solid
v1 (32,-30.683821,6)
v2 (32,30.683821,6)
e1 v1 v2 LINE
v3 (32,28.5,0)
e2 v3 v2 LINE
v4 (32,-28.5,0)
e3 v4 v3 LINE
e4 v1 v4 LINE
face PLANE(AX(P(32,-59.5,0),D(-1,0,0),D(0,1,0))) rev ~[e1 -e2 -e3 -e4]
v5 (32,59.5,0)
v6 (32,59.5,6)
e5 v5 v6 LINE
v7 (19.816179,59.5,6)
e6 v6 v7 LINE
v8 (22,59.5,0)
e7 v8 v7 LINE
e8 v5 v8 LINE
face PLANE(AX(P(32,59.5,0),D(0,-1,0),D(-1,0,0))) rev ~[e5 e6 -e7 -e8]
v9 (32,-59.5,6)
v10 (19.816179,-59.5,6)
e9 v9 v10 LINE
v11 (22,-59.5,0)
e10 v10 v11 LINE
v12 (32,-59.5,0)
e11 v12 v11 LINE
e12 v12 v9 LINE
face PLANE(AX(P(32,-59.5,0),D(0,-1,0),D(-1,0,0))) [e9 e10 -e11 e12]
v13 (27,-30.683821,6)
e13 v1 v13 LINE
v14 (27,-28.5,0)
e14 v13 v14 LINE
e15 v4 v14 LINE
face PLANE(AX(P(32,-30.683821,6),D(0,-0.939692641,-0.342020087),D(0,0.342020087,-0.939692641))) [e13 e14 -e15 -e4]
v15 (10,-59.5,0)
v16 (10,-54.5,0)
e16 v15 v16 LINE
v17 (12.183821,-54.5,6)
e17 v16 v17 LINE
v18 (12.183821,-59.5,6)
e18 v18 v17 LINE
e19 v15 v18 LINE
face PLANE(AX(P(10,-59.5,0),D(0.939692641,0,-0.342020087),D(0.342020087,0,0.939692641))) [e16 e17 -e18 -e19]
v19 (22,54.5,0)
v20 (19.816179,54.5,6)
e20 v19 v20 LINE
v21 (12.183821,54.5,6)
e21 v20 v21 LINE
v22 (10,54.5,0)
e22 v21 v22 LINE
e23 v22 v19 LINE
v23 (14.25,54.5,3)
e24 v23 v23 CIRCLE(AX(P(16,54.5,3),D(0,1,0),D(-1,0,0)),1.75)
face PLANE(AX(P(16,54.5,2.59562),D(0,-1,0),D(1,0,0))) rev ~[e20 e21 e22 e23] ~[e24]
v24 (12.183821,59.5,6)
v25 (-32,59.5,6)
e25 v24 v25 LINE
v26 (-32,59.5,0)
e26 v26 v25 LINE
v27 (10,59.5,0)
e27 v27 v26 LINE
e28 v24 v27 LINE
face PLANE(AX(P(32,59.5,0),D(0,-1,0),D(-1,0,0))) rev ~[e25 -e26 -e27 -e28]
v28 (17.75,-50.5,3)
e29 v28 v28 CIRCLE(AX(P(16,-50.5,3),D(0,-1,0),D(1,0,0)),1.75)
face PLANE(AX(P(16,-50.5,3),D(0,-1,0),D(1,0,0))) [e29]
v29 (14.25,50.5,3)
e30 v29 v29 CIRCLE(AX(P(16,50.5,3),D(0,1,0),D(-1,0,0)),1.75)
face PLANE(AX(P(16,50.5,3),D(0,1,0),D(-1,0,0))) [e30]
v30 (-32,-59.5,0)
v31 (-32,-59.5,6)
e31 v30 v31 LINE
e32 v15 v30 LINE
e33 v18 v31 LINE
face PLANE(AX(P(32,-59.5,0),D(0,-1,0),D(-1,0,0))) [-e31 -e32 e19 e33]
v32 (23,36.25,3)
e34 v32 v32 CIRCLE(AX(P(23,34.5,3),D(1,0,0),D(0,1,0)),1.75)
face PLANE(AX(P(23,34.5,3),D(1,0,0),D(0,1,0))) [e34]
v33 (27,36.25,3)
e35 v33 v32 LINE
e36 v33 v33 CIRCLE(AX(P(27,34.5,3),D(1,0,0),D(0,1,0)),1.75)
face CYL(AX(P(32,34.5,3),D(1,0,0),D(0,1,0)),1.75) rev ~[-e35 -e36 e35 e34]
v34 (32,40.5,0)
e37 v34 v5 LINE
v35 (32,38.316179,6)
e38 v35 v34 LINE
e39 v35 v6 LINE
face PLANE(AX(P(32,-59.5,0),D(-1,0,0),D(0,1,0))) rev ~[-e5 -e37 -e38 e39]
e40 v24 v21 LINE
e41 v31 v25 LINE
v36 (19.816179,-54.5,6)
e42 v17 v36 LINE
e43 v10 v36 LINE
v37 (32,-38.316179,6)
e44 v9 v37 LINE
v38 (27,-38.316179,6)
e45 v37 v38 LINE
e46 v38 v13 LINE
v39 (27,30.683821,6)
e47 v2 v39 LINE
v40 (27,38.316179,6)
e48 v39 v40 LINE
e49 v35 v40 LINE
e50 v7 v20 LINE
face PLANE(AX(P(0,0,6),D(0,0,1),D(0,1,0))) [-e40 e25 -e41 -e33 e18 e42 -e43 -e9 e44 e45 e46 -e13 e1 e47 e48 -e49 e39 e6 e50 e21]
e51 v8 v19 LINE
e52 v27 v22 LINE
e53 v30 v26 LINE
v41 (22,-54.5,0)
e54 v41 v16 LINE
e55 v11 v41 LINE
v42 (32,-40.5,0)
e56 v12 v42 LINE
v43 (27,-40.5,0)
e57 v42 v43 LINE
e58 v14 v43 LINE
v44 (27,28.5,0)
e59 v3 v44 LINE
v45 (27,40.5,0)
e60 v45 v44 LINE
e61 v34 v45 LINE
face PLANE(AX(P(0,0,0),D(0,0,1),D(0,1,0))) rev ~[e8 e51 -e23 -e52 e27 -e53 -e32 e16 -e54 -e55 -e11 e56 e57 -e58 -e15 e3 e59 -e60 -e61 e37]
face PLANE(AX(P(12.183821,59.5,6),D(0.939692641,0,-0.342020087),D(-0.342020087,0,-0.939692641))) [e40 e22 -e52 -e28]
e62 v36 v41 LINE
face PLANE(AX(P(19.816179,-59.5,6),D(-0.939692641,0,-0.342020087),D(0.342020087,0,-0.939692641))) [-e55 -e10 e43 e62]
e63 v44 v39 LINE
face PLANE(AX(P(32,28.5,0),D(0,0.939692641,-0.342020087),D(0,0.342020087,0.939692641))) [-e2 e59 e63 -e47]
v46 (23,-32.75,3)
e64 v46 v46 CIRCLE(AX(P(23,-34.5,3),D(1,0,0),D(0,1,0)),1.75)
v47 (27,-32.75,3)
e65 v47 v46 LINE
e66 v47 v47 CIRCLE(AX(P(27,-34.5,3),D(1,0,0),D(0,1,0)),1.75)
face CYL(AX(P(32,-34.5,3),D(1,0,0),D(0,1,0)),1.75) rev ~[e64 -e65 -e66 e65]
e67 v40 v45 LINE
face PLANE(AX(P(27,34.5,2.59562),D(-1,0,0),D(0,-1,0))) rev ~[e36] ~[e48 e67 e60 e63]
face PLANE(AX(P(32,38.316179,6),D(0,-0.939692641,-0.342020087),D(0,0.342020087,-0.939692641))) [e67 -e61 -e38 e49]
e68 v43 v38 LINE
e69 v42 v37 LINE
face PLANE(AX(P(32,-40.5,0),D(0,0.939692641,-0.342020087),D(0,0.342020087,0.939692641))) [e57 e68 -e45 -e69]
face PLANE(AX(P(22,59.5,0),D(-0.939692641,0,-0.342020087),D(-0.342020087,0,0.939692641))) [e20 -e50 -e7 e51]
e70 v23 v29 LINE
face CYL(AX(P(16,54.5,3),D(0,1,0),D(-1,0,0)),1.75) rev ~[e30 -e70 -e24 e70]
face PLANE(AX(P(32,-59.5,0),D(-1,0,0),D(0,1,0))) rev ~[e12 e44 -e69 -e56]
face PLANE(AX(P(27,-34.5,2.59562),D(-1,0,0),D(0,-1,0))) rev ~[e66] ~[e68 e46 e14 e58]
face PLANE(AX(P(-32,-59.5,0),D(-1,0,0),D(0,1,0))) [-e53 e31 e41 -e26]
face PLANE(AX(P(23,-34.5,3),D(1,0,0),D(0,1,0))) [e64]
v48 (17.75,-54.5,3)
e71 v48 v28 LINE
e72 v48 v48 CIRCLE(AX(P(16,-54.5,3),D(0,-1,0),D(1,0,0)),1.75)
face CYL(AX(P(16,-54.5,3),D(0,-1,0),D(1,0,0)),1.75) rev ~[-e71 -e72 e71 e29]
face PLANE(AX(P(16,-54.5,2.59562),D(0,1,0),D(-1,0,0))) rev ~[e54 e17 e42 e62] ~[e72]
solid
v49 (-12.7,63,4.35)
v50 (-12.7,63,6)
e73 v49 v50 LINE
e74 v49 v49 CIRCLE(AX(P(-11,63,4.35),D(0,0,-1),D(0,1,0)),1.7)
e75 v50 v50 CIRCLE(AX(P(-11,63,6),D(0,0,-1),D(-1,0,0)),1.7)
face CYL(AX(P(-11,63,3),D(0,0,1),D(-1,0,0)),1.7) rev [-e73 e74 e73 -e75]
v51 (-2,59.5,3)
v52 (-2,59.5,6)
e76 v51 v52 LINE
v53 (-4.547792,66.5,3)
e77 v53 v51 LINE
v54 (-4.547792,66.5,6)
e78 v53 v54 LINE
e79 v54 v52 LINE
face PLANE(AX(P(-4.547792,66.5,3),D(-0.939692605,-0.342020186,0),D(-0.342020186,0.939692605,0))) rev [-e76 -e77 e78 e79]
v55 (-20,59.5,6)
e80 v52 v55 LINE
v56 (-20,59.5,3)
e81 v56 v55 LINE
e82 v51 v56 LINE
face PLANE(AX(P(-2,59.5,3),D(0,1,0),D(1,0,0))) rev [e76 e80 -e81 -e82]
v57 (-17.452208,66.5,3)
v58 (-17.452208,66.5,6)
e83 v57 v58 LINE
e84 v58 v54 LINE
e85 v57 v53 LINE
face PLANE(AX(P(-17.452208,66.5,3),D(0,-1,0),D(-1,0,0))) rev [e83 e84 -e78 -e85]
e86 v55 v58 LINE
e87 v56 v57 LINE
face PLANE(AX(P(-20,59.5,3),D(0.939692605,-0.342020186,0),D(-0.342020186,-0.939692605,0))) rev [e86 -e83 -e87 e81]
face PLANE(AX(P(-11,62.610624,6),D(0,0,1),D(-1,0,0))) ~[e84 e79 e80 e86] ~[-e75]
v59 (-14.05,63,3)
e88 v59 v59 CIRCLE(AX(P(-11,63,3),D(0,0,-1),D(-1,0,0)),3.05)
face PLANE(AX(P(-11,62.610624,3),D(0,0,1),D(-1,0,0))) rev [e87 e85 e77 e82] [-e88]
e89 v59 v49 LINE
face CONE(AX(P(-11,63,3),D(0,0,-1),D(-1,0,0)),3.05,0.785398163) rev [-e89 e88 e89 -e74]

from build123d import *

# Parameters (mm, degrees)
BINDER020_W         = 119
BINDER020_H         = 64
PAD012_DEPTH        = 6
SKETCH_R            = 1.75
POCKET_DEPTH        = 9
POCKET001_DEPTH     = 5
POCKET002_DEPTH     = 5
SKETCH046_R         = 1.75
POCKET003_DEPTH     = 4
POCKET004_DEPTH     = 5
SKETCH048_R         = 1.75
POCKET005_DEPTH     = 4
PAD013_DEPTH        = 3
HOLE012_D           = 3.4
HOLE012_DEPTH       = 25
HOLE012_CSINK_D     = 6.1
HOLE012_CSINK_ANGLE = 90


with BuildPart() as ch001:
    # Binder020 → Pad012 (new body)
    with BuildSketch(Plane(origin=(0, 0, 0), x_dir=(0, 1, 0), z_dir=(0, 0, 1))):
        Rectangle(BINDER020_W, BINDER020_H)
    extrude(amount=PAD012_DEPTH)

    # Sketch (on Face2 of Pad012) → Pocket (cut)
    with BuildSketch(Plane.YZ.offset(32)):
        with Locations((-34.5, 3)):
            Circle(SKETCH_R)
        with Locations((34.5, 3)):
            Circle(SKETCH_R)
    extrude(amount=-POCKET_DEPTH, mode=Mode.SUBTRACT)

    # Sketch044 (on Face3 of Pocket) → Pocket001 (cut)
    with BuildSketch(Plane.YZ.offset(32)):
        Polygon((-40.5, 0), (-38.316179, 6), (-30.683821, 6), (-28.5, 0), align=None)
        Polygon((30.683821, 6), (38.316179, 6), (40.5, 0), (28.5, 0), align=None)
    extrude(amount=-POCKET001_DEPTH, mode=Mode.SUBTRACT)

    # Sketch045 (on Face1 of Pocket001) → Pocket002 (cut)
    with BuildSketch(Plane.XZ.offset(59.5)):
        Polygon((10, 0), (12.183821, 6), (19.816179, 6), (22, 0), align=None)
    extrude(amount=-POCKET002_DEPTH, mode=Mode.SUBTRACT)

    # Sketch046 (on Face18 of Pocket002) → Pocket003 (cut)
    with BuildSketch(Plane.XZ.offset(54.5)):
        with Locations((16, 3)):
            Circle(SKETCH046_R)
    extrude(amount=-POCKET003_DEPTH, mode=Mode.SUBTRACT)

    # Sketch047 (on Face6 of Pocket003) → Pocket004 (cut)
    with BuildSketch(Plane(origin=(0, 59.5, 0), x_dir=(-1, 0, 0), z_dir=(0, 1, 0))):
        Polygon((-22, 0), (-19.816179, 6), (-12.183821, 6), (-10, 0), align=None)
    extrude(amount=-POCKET004_DEPTH, mode=Mode.SUBTRACT)

    # Sketch048 (on Face20 of Pocket004) → Pocket005 (cut)
    with BuildSketch(Plane(origin=(0, 54.5, 0), x_dir=(-1, 0, 0), z_dir=(0, 1, 0))):
        with Locations((-16, 3)):
            Circle(SKETCH048_R)
    extrude(amount=-POCKET005_DEPTH, mode=Mode.SUBTRACT)


with BuildPart() as body020:
    # Sketch042 (on Face1 of Binder029) → Pad013 (new body)
    with BuildSketch(Plane.XY.offset(3)):
        Polygon((-20, -59.5), (-17.452208, -66.5), (-4.547792, -66.5), (-2, -59.5), align=None)
    extrude(amount=PAD013_DEPTH)

    # Hole012
    with Locations(Plane(origin=(0, 0, 3), x_dir=(1, 0, 0), z_dir=(0, 0, -1))):
        with Locations((-11, 63)):
            CounterSinkHole(HOLE012_D / 2, HOLE012_CSINK_D / 2, depth=HOLE012_DEPTH, counter_sink_angle=HOLE012_CSINK_ANGLE)


with BuildPart() as part_mirroring:
    # Part__Mirroring: instance of Body020
    add(body020.part.mirror(Plane(origin=(0, 0, 0), x_dir=(1, 0, 0), z_dir=(0, 1, 0))))


solid = Compound([ch001.part, part_mirroring.part])
